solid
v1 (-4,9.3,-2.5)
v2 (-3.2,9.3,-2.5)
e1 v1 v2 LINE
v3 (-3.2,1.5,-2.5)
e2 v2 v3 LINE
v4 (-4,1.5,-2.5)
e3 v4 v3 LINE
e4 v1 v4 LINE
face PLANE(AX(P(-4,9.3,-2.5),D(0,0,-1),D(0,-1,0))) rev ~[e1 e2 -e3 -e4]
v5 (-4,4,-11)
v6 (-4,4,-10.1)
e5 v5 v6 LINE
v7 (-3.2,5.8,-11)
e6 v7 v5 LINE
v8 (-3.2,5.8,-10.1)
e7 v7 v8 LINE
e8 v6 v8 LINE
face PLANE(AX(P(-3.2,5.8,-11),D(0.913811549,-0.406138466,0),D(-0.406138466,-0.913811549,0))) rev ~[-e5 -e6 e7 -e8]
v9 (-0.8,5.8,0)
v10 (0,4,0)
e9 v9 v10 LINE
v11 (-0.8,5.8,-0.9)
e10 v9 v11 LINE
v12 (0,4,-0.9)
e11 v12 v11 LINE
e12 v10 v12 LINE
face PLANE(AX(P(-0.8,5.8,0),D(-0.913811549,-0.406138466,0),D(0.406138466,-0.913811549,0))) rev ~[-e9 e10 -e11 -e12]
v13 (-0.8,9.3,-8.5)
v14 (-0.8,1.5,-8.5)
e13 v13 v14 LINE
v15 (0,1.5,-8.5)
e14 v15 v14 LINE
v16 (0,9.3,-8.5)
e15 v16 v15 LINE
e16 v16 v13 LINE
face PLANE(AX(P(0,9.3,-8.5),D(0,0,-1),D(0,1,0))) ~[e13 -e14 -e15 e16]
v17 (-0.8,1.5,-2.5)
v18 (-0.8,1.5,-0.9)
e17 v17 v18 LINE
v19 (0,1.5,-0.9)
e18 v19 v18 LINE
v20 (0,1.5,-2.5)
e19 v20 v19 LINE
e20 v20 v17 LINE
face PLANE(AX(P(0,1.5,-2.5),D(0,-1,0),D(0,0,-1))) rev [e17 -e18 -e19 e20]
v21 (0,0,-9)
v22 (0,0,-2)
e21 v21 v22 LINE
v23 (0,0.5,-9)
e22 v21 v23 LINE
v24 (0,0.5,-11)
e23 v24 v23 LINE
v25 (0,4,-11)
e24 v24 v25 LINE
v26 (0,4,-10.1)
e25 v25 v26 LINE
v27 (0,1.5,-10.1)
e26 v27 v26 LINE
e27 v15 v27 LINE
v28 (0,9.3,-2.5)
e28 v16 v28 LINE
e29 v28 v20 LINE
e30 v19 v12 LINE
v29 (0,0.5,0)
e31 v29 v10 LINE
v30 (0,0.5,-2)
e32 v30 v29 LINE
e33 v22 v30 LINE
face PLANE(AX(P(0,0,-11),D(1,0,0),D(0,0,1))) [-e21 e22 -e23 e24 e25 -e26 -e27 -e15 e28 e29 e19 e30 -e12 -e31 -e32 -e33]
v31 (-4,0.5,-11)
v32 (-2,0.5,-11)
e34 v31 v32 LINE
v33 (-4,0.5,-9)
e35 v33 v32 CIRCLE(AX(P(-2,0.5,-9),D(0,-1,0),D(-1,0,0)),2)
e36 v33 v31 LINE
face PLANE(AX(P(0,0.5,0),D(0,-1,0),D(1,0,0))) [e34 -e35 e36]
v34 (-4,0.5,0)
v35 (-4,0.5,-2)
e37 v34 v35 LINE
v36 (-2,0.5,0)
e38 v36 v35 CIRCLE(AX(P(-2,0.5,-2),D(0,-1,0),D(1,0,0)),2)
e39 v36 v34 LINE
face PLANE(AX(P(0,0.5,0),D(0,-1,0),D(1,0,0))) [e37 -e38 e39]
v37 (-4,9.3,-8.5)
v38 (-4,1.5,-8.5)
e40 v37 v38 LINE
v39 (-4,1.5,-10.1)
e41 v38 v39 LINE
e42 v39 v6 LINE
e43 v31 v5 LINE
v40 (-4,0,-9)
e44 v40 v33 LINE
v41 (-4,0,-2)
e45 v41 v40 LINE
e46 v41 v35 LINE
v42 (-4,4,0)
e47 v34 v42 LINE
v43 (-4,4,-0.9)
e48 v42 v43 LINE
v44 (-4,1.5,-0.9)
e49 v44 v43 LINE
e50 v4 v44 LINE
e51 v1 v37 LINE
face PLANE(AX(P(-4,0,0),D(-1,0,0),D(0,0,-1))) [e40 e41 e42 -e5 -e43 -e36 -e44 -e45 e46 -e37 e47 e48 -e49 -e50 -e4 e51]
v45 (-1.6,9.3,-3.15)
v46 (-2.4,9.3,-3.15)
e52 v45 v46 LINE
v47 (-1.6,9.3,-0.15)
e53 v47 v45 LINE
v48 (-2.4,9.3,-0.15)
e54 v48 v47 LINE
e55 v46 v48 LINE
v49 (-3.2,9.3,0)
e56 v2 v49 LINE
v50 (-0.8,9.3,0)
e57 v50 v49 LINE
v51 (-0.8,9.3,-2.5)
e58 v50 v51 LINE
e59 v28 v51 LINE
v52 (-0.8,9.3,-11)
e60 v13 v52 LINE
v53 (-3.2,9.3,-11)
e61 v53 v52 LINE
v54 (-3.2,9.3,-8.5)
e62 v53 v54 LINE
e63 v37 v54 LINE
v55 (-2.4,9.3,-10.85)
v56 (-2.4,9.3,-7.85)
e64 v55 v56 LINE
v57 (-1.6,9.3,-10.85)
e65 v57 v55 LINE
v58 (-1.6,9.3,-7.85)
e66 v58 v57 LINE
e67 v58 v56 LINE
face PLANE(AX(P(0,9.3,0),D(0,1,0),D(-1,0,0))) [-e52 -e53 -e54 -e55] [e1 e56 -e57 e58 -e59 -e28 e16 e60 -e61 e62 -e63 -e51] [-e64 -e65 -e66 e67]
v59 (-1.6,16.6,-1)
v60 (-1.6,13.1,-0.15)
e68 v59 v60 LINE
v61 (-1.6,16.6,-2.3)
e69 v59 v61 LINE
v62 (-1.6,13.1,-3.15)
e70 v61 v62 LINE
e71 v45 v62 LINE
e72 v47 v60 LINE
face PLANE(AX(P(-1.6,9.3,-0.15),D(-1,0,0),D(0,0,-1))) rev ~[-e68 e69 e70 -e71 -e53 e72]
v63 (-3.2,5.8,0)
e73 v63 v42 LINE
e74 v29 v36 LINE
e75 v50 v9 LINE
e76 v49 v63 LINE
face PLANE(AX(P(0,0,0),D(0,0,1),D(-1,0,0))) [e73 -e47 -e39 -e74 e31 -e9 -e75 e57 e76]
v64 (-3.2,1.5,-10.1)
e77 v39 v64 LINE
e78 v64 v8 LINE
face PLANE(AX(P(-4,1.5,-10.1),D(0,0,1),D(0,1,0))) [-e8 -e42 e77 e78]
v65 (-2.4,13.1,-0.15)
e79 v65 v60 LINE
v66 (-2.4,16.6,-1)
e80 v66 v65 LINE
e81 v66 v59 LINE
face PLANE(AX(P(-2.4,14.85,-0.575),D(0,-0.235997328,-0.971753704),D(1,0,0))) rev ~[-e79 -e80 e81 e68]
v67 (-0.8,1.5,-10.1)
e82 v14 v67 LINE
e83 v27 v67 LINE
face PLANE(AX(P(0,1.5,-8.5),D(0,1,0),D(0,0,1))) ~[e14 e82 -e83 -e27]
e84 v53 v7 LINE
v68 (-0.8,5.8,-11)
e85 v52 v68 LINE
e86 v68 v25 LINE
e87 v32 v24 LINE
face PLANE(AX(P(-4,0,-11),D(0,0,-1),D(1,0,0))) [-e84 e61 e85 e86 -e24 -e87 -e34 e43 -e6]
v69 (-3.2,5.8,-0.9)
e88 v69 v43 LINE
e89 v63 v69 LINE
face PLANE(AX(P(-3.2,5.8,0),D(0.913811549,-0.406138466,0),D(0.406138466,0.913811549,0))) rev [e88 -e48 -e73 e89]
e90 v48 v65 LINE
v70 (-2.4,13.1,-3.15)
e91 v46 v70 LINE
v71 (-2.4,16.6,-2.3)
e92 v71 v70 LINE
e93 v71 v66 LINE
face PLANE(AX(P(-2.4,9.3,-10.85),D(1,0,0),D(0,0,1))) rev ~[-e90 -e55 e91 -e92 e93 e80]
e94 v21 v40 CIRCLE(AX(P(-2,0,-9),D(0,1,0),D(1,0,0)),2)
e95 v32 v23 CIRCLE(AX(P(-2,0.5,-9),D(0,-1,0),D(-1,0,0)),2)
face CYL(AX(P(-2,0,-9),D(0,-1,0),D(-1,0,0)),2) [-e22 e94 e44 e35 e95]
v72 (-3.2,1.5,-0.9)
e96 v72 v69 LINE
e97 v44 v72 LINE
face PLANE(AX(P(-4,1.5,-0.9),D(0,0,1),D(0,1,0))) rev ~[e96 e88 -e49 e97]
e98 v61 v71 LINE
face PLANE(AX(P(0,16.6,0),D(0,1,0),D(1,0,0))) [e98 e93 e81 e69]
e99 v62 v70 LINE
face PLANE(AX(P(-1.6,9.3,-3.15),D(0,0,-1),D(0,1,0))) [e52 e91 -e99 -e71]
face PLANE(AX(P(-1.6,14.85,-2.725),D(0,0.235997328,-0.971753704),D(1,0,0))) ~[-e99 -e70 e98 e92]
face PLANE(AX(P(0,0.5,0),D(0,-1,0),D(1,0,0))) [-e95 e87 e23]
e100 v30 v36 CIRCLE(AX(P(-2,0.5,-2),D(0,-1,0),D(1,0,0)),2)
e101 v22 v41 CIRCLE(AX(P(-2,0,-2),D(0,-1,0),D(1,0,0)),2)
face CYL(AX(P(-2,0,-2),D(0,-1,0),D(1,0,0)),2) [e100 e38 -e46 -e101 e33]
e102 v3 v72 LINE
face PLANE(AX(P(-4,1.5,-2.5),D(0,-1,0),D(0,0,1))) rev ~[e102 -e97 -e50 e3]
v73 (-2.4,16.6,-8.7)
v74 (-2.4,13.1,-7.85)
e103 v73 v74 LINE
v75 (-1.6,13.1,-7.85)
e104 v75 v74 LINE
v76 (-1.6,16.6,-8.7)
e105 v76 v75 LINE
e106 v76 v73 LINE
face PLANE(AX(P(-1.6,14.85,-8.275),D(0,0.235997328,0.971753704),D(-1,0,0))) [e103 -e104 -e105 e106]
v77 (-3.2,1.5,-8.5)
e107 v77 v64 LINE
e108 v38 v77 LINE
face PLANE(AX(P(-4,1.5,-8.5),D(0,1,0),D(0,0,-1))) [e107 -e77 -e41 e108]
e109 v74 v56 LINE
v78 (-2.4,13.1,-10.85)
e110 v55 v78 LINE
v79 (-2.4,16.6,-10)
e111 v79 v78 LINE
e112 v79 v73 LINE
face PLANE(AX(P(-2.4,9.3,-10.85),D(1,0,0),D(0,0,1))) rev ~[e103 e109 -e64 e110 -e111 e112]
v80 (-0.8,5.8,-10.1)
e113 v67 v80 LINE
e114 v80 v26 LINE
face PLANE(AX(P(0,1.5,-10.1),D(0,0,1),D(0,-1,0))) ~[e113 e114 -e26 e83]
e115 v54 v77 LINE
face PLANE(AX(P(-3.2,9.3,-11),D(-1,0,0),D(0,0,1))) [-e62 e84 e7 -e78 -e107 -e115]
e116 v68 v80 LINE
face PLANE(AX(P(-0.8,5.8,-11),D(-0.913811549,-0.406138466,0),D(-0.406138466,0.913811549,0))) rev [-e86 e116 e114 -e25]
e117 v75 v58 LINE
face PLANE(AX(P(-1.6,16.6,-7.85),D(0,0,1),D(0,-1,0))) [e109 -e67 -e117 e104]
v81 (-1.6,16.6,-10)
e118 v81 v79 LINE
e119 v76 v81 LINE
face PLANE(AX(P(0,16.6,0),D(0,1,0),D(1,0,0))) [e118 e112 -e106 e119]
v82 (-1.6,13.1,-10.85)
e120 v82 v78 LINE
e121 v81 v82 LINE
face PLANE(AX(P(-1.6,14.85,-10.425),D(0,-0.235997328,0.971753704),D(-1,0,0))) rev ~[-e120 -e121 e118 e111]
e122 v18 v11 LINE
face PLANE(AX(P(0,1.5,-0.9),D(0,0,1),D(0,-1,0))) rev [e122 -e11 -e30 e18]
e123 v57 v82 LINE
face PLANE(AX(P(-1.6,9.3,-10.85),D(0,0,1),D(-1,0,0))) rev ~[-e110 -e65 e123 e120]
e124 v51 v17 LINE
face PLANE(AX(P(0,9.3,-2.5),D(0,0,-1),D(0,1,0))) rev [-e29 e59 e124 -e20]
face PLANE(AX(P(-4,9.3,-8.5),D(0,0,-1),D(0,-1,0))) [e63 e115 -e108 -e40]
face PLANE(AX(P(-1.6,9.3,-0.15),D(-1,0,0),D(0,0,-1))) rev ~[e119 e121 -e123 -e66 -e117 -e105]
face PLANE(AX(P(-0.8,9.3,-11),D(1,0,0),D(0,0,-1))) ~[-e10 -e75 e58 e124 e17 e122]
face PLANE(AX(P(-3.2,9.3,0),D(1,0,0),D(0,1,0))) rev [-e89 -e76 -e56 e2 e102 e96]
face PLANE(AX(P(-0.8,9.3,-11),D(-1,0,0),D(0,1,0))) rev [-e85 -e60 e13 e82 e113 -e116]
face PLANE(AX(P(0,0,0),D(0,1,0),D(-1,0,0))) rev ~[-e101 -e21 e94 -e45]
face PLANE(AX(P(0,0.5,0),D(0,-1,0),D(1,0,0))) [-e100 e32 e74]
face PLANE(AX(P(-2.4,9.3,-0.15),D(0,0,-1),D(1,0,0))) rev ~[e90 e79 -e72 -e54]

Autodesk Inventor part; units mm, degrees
ref_plane "YZ Plane" through (0, 0, 0) normal (1, 0, 0) x (0, 1, 0)
sketch "Sketch1" plane through (0, 0, 0) normal (0, 1, 0) x (-1, 0, 0)
  line L0 (0, 0) -> (4, 0)
  line L1 (4, 0) -> (4, -11)
  line L2 (4, -11) -> (0, -11)
  line L3 (0, -11) -> (0, 0)
  dimension "d0" = 4
  dimension "d1" = 11
extrude "Extrusion1" add sketch "Sketch1" along normal blind 9.3
sketch "Sketch2" plane through (0, 9.3, 0) normal (0, 1, 0) x (1, 0, 0)
  line L0 (-4, 0) -> (0, 0) projected
  line L1 (0, 0) -> (0, 11) projected
  line L2 (0, 11) -> (-4, 11) construction
  line L3 (-4, 11) -> (-4, 0) projected
  line L4 (0, 11) -> (-4, 11) construction
  line L5 (-2.4, 0.15) -> (-1.6, 0.15)
  line L6 (-1.6, 0.15) -> (-1.6, 10.85)
  line L7 (-1.6, 10.85) -> (-2.4, 10.85)
  line L8 (-2.4, 10.85) -> (-2.4, 0.15)
  dimension "d5" = 0.8
  dimension "d6" = 4
  dimension "d7" = 1.6
  dimension "d40" = 0.15
  dimension "d41" = 0.15
extrude "Extrusion2" add sketch "Sketch2" along normal blind 7.3
sketch "Sketch3" plane through (-1.6, 9.3, -0.15) normal (1, 0, 0) x (0, 0, -1)
  line L0 (10.7, 0) -> (0, 0) projected
  line L1 (10.7, 0) -> (10.7, 7.3) projected
  line L2 (0, 7.3) -> (10.7, 7.3) projected
  line L3 (0, 0) -> (0, 7.3) projected
  line L4 (0, 7.3) -> (10.7, 7.3) projected
  line L5 (0, 0) -> (10.7, 0) projected
  line L6 (3, 7.3) -> (7.7, 7.3)
  line L7 (7.7, 7.3) -> (7.7, 0)
  line L8 (7.7, 0) -> (3, 0)
  line L9 (3, 0) -> (3, 7.3)
  point P0 (-0.15, -9.3)
  dimension "d10" = 3
  dimension "d11" = 3
extrude "Extrusion3" cut sketch "Sketch3" against normal blind 9.3 contours L0 L9 L2 L7
chamfer "Chamfer1" distance 0.85 distance2 3.5 1 edges at (-2, 16.6, -3.15) measured on face at (-2.1333, 16.6, -2.15)
chamfer "Chamfer2" distance 0.85 distance2 3.5 1 edges at (-2, 16.6, -0.15) measured on face at (-2.1333, 16.6, -1.5833)
chamfer "Chamfer3" distance 0.85 distance2 3.5 1 edges at (-2, 16.6, -7.85) measured on face at (-2.1333, 16.6, -9.85)
chamfer "Chamfer4" distance 0.85 distance2 3.5 1 edges at (-2, 16.6, -10.85) measured on face at (-2.1333, 16.6, -10.1333)
sketch "Sketch4" plane through (0, 0, 0) normal (0, -1, 0) x (1, 0, 0)
  line L0 (0, 0) -> (-4, 0) projected
  line L1 (-4, 0) -> (-4, -11) projected
  line L2 (-4, -11) -> (0, -11) projected
  line L3 (0, -11) -> (0, 0) projected
  line L4 (-2, -2) -> (-2, -9) construction
  line L5 (-4, -2) -> (-4, -9)
  line L6 (0, -9) -> (0, -2)
  arc A0 (0, -2) -> (-4, -2) centre (-2, -2) ccw
  arc A1 (-4, -9) -> (0, -9) centre (-2, -9) ccw
  line L7 (0, 0) -> (-4, 0) projected
  line L8 (0, -11) -> (0, 0) projected
  point P0 (-2, -5.5)
extrude "Extrusion4" cut sketch "Sketch4" against normal blind 0.5 contours L3 A0 L0 | A0 L1 L0 | L3 L2 A1 | A1 L2 L1
sketch "Sketch5" plane through (-4, 9.3, -11) normal (-1, 0, 0) x (0, 0, 1)
  line L0 (0, -8.8) -> (2, -8.8) projected
  line L1 (2, -8.8) -> (2, -9.3) projected
  line L2 (9, -9.3) -> (2, -9.3) construction
  line L3 (9, -8.8) -> (9, -9.3) projected
  line L4 (9, -8.8) -> (11, -8.8) projected
  line L5 (11, -8.8) -> (11, 0) projected
  line L6 (0, 0) -> (11, 0) projected
  line L7 (0, -8.8) -> (0, 0) projected
  line L8 (10.1, 0) -> (8.5, 0)
  line L9 (8.5, 0) -> (8.5, -7.8)
  line L10 (8.5, -7.8) -> (10.1, -7.8)
  line L11 (10.1, -7.8) -> (10.1, 0)
  line L12 (11, 0) -> (0, 0) projected
  line L13 (0.9, 0) -> (2.5, 0)
  line L14 (2.5, 0) -> (2.5, -7.8)
  line L15 (2.5, -7.8) -> (0.9, -7.8)
  line L16 (0.9, -7.8) -> (0.9, 0)
  point P0 (11, -9.3)
  dimension "d28" = 0.9
  dimension "d29" = 0.9
  dimension "d30" = 1.6
  dimension "d31" = 1.6
  dimension "d32" = 1.5
extrude "Extrusion5" cut sketch "Sketch5" against normal blind 0.8
ref_plane "Work Plane1" through (-2, 0, -9) normal (-1, 0, 0) x (0, 0, 1)
mirror "Mirror1" about plane through (-2, 0, -9) normal (-1, 0, 0) of "Extrusion5"
sketch "Sketch6" plane through (-1.6, 9.3, 0) normal (0, 0, 1) x (1, 0, 0)
  line L0 (0.8, 0) -> (0.8, -7.8) projected
  line L1 (0.8, -7.8) -> (0.8, 0) projected
  line L2 (-1.6, -7.8) -> (-1.6, 0) projected
  line L3 (0.8, 0) -> (0.8, -7.8) projected
  line L4 (0.8, -3.5) -> (1.6, -5.3)
  line L5 (1.6, 0) -> (1.6, -7.8) projected
  line L6 (-2.4, -9.3) -> (1.6, -9.3) projected
  line L7 (0.8, 0) -> (1.6, 0) projected
  line L8 (0.8, 0) -> (1.6, 0)
  dimension "d36" = 3.5
  dimension "d37" = 4
extrude "Extrusion6" cut sketch "Sketch6" against normal blind 1.2
mirror "Mirror2" about plane through (-2, 0, -9) normal (-1, 0, 0) of "Extrusion6"
ref_plane "Work Plane2" through (-2.4, 12.4824, -5.5) normal (0, 0, 1) x (1, 0, 0)
mirror "Mirror3" about plane through (-2.4, 12.4824, -5.5) normal (0, 0, 1) of "Extrusion6", "Mirror2"
equation "\"d7\" = -0.5 * d5 + 0.5 * d6"
equation "\"d31\" = d30"
properties part number "Mini car fuse"
